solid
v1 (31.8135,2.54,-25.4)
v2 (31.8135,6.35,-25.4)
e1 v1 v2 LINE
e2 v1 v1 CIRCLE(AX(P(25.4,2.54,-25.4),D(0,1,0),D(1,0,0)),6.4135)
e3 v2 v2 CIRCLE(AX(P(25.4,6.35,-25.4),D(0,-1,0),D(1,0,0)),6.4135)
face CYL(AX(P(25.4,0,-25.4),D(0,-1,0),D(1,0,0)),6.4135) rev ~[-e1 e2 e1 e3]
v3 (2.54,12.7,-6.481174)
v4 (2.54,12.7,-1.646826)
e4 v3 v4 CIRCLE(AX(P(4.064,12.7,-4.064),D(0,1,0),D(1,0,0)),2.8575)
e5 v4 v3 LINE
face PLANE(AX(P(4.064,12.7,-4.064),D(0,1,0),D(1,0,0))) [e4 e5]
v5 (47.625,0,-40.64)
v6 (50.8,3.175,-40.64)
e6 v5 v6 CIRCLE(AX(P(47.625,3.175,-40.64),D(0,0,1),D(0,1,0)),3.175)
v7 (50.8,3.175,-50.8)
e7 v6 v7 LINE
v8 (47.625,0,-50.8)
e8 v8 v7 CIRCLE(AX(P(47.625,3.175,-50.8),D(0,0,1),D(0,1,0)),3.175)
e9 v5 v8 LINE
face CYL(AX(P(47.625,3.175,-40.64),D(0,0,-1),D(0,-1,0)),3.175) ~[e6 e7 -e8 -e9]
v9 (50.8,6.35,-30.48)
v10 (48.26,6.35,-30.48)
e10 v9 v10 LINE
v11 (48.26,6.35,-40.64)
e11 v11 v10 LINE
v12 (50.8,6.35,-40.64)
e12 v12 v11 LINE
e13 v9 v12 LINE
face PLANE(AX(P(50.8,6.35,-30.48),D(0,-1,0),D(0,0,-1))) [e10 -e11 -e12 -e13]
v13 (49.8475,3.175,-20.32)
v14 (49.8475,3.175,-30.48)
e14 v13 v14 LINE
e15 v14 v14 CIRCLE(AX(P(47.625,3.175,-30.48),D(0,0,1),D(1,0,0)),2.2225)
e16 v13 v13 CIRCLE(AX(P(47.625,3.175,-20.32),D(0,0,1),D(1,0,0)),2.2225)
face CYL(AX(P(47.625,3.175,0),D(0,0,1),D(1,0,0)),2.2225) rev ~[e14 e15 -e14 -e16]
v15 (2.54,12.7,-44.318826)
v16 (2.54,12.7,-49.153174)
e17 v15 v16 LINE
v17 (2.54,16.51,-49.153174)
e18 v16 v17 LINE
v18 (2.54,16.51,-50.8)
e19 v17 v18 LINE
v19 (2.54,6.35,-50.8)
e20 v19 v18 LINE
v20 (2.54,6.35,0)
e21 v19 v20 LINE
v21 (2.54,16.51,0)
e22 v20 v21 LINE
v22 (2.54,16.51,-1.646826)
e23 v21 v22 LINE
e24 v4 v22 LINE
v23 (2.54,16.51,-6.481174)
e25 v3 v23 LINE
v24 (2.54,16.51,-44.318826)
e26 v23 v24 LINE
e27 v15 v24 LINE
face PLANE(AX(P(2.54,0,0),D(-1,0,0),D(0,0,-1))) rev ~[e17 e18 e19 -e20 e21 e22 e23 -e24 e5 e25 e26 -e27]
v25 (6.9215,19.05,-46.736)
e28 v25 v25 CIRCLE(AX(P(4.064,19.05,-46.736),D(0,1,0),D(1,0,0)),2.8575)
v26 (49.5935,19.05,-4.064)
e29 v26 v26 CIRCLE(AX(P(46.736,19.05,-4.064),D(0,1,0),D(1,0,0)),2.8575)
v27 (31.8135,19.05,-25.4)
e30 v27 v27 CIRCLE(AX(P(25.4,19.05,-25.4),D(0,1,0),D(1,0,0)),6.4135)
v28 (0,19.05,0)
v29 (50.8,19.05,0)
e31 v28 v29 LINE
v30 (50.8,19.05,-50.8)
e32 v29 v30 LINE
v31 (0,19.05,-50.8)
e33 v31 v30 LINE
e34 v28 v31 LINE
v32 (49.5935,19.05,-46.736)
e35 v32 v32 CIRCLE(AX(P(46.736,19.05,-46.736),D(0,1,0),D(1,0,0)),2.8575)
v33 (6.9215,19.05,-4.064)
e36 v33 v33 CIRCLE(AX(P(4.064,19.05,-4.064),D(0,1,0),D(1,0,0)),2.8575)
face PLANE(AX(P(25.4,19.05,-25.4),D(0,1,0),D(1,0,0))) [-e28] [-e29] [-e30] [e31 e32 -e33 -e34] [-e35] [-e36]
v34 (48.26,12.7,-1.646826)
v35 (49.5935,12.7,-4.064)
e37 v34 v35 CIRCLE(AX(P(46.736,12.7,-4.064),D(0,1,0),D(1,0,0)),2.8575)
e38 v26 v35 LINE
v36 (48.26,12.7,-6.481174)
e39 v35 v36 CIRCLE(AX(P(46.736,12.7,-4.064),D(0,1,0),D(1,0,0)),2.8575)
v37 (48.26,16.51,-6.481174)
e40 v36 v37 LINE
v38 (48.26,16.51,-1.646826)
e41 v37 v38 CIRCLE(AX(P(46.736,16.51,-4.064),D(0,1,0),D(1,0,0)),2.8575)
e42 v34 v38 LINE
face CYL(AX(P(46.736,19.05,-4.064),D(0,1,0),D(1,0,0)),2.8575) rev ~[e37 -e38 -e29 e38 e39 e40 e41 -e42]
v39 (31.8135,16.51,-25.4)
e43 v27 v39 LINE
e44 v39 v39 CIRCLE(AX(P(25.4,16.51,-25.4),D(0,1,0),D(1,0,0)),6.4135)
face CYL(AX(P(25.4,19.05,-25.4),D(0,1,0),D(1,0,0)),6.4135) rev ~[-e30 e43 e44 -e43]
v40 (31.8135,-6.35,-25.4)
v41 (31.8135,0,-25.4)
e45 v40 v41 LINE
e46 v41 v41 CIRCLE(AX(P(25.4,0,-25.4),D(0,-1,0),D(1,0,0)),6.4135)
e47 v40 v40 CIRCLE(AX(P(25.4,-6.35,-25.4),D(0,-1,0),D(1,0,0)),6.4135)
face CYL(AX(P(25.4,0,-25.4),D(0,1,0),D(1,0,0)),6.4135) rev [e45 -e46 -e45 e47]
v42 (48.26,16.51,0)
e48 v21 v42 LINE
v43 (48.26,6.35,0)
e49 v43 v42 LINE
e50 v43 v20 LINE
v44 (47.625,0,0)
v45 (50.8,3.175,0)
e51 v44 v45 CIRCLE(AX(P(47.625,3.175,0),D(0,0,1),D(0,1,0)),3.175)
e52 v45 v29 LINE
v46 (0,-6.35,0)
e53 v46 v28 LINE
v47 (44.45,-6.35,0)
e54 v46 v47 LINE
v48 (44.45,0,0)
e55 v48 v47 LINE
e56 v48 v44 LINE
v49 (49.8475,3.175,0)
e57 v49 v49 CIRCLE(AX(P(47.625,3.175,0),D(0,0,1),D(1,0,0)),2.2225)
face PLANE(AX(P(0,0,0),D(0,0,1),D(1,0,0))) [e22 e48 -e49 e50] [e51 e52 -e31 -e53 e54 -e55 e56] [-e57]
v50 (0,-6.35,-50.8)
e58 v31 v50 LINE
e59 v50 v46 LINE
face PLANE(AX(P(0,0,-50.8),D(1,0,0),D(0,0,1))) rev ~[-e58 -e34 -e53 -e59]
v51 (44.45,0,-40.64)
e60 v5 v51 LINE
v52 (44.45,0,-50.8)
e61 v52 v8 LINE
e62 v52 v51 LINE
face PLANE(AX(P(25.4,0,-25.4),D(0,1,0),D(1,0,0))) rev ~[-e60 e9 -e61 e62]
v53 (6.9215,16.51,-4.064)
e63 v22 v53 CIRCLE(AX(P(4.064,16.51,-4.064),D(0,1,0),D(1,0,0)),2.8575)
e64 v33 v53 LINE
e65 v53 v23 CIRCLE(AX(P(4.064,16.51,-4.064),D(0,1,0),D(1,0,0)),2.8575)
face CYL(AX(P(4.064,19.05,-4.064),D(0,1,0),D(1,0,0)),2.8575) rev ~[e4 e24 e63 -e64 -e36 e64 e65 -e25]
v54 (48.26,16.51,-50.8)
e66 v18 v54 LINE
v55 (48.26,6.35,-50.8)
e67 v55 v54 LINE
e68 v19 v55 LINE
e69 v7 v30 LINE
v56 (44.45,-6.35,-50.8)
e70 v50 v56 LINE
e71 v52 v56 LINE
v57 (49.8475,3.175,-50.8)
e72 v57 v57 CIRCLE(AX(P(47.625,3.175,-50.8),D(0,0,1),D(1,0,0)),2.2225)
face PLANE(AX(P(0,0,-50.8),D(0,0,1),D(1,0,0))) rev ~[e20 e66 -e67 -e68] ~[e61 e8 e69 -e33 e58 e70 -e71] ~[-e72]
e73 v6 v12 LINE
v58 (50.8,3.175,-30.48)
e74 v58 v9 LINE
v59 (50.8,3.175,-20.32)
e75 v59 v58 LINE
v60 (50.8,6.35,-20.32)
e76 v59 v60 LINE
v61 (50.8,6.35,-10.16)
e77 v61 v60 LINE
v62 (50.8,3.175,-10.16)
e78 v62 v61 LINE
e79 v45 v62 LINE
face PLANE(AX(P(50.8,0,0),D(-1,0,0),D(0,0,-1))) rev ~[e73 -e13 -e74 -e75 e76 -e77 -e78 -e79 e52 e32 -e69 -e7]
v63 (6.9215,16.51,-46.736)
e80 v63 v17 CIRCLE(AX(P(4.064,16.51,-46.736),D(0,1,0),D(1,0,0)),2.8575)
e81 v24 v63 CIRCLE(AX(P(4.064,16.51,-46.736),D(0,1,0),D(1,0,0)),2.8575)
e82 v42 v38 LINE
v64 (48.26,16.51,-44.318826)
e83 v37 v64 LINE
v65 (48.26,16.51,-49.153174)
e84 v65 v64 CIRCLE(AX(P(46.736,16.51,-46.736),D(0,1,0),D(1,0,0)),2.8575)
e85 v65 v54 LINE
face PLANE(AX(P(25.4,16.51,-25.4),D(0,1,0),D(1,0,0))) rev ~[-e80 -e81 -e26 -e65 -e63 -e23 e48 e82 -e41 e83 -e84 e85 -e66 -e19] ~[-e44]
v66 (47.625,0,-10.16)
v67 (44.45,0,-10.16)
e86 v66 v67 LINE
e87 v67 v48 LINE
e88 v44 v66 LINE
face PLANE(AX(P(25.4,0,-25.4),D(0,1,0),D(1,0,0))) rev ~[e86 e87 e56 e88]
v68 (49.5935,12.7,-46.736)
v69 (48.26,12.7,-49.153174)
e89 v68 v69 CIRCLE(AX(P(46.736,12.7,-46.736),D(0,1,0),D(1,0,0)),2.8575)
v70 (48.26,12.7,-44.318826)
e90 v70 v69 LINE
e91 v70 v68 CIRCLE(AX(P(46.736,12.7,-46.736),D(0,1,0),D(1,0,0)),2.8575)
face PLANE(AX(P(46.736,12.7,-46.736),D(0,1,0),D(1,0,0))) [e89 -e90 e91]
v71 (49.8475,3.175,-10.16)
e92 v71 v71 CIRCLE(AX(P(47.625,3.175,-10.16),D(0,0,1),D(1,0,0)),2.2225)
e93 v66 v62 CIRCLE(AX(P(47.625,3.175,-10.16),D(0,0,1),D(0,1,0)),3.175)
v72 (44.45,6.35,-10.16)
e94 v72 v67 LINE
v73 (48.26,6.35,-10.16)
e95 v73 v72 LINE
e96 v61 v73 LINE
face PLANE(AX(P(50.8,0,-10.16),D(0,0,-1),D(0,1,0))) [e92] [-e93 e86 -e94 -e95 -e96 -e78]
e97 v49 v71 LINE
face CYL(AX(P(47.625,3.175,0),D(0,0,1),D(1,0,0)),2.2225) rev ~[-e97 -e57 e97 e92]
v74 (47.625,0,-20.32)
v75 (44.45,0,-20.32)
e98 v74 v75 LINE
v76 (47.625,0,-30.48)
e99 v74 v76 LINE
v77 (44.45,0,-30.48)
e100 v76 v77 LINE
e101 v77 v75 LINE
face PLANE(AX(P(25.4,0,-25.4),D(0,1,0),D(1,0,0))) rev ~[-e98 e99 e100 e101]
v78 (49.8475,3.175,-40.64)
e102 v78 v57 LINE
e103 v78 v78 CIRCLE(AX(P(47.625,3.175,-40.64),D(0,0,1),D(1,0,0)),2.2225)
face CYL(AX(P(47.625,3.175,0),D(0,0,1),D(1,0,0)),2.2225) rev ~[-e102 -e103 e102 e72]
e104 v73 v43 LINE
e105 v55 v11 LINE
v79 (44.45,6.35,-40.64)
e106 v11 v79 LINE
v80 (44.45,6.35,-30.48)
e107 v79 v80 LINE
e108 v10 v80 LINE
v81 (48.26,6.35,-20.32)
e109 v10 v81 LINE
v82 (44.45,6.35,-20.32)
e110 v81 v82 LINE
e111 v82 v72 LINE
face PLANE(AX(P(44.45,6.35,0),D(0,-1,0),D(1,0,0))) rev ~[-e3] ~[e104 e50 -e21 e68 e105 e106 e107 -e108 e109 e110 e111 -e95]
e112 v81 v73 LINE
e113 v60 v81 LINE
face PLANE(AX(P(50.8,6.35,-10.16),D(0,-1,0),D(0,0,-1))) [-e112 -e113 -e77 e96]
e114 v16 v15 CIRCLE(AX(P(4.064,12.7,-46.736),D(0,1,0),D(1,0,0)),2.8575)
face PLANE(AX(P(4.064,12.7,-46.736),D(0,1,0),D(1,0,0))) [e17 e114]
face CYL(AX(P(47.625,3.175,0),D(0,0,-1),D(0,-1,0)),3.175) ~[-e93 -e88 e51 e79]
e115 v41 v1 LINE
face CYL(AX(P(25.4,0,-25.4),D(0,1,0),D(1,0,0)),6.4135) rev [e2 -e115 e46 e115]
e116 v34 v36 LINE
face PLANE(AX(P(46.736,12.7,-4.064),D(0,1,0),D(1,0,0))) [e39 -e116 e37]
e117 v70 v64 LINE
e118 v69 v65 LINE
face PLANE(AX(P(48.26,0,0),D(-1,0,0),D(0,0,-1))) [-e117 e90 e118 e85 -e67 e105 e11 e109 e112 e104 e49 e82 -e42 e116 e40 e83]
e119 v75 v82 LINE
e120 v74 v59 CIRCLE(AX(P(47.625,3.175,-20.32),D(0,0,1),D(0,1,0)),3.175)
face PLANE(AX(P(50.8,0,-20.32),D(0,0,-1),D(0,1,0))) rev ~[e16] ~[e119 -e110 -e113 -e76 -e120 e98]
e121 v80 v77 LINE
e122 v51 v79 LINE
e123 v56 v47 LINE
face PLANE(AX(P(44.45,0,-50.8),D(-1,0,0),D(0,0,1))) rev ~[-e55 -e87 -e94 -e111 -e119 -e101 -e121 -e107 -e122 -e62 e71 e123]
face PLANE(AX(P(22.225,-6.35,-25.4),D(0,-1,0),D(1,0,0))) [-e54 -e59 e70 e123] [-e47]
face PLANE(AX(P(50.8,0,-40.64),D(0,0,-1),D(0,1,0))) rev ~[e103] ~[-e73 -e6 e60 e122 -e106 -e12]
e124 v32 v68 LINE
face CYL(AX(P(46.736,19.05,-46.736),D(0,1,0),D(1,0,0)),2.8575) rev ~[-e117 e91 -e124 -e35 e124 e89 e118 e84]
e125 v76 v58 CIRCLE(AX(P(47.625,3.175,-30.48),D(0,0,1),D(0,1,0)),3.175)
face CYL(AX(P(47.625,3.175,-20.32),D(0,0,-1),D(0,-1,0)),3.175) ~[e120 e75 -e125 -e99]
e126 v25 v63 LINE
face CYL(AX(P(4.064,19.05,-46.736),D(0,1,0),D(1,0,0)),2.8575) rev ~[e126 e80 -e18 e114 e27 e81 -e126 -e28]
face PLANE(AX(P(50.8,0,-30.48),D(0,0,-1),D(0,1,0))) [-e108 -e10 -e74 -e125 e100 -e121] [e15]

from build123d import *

# Parameters (mm, degrees)
SKETCH2_W                = 50.8
SKETCH2_H                = 50.8
BOSS_EXTRUDE1_DEPTH      = 19.05
SHELL1_T                 = -2.54
SKETCH4_R                = 6.4135
SKETCH4_R_2              = 2.8575
CUT_EXTRUDE1_DEPTH       = 6.35
SKETCH5_W                = 6.35
SKETCH5_H                = 6.35
BOSS_EXTRUDE3_DEPTH      = 50.8
SKETCH6_R                = 2.2225
CUT_EXTRUDE2_DEPTH       = 51.8
SKETCH7_W                = 10.16
SKETCH7_H                = 6.35
CUT_EXTRUDE3_DEPTH       = 6.35
FILLET1_R                = 3.175
SKETCH8_R                = 6.4135
CUT_EXTRUDE4_DEPTH       = 6.35
SKETCH9_W                = 44.45
SKETCH9_H                = 50.8
SKETCH9_R                = 6.4135
BOSS_EXTRUDE4_DEPTH      = 6.35
BOSS_EXTRUDE4_DEPTH_BACK = 6.35


with BuildPart() as part:
    # Sketch2 → Boss-Extrude1 (new body)
    with BuildSketch(Plane(origin=(0, 0, 0), x_dir=(1, 0, 0), z_dir=(0, 1, 0))):
        with Locations((25.4, 25.4)):
            Rectangle(SKETCH2_W, SKETCH2_H)
    extrude(amount=BOSS_EXTRUDE1_DEPTH)

    # Shell1
    shell1_openings = [part.faces().sort_by_distance(p)[0] for p in [
        (25.4, 9.525, -50.8),
        (25.4, 9.525, 0),
    ]]
    offset(amount=SHELL1_T, openings=shell1_openings, kind=Kind.INTERSECTION)

    # Sketch4 → Cut-Extrude1 (cut)
    with BuildSketch(Plane(origin=(0, 19.05, 0), x_dir=(1, 0, 0), z_dir=(0, 1, 0))):
        with Locations((25.4, 25.4)):
            Circle(SKETCH4_R)
        with Locations((4.064, 46.736)):
            Circle(SKETCH4_R_2)
        with Locations((46.736, 46.736)):
            Circle(SKETCH4_R_2)
        with Locations((46.736, 4.064)):
            Circle(SKETCH4_R_2)
        with Locations((4.064, 4.064)):
            Circle(SKETCH4_R_2)
    extrude(amount=-CUT_EXTRUDE1_DEPTH, mode=Mode.SUBTRACT)

    # Sketch5 → Boss-Extrude3 (add)
    with BuildSketch(Plane.XY):
        with Locations((47.625, 3.175)):
            Rectangle(SKETCH5_W, SKETCH5_H)
    extrude(amount=-BOSS_EXTRUDE3_DEPTH)

    # Sketch6 → Cut-Extrude2 (cut, through all)
    with BuildSketch(Plane.XY):
        with Locations((47.625, 3.175)):
            Circle(SKETCH6_R)
    extrude(amount=-CUT_EXTRUDE2_DEPTH, mode=Mode.SUBTRACT)

    # Sketch7 → Cut-Extrude3 (cut)
    with BuildSketch(Plane(origin=(50.8, 0, 0), x_dir=(0, 0, -1), z_dir=(1, 0, 0))):
        with Locations((15.24, 3.175)):
            Rectangle(SKETCH7_W, SKETCH7_H)
        with Locations((35.56, 3.175)):
            Rectangle(SKETCH7_W, SKETCH7_H)
    extrude(amount=-CUT_EXTRUDE3_DEPTH, mode=Mode.SUBTRACT)

    # Fillet1
    fillet1_edges = [part.edges().sort_by_distance(p)[0] for p in [
        (50.8, 0, -25.4),
        (50.8, 0, -45.72),
        (50.8, 0, -5.08),
    ]]
    fillet(fillet1_edges, radius=FILLET1_R)

    # Sketch8 → Cut-Extrude4 (cut)
    with BuildSketch(Plane(origin=(0, 2.54, 0), x_dir=(1, 0, 0), z_dir=(0, 1, 0))):
        with Locations((25.4, 25.4)):
            Circle(SKETCH8_R)
    extrude(amount=-CUT_EXTRUDE4_DEPTH, mode=Mode.SUBTRACT)

    # Sketch9 → Boss-Extrude4 (add, two sides)
    with BuildSketch(Plane.XZ) as boss_extrude4_sk:
        with Locations((22.225, -25.4)):
            Rectangle(SKETCH9_W, SKETCH9_H)
        with Locations((25.4, -25.4)):
            Circle(SKETCH9_R, mode=Mode.SUBTRACT)
    extrude(amount=BOSS_EXTRUDE4_DEPTH)
    extrude(boss_extrude4_sk.sketch, amount=-BOSS_EXTRUDE4_DEPTH_BACK)


solid = part.part
